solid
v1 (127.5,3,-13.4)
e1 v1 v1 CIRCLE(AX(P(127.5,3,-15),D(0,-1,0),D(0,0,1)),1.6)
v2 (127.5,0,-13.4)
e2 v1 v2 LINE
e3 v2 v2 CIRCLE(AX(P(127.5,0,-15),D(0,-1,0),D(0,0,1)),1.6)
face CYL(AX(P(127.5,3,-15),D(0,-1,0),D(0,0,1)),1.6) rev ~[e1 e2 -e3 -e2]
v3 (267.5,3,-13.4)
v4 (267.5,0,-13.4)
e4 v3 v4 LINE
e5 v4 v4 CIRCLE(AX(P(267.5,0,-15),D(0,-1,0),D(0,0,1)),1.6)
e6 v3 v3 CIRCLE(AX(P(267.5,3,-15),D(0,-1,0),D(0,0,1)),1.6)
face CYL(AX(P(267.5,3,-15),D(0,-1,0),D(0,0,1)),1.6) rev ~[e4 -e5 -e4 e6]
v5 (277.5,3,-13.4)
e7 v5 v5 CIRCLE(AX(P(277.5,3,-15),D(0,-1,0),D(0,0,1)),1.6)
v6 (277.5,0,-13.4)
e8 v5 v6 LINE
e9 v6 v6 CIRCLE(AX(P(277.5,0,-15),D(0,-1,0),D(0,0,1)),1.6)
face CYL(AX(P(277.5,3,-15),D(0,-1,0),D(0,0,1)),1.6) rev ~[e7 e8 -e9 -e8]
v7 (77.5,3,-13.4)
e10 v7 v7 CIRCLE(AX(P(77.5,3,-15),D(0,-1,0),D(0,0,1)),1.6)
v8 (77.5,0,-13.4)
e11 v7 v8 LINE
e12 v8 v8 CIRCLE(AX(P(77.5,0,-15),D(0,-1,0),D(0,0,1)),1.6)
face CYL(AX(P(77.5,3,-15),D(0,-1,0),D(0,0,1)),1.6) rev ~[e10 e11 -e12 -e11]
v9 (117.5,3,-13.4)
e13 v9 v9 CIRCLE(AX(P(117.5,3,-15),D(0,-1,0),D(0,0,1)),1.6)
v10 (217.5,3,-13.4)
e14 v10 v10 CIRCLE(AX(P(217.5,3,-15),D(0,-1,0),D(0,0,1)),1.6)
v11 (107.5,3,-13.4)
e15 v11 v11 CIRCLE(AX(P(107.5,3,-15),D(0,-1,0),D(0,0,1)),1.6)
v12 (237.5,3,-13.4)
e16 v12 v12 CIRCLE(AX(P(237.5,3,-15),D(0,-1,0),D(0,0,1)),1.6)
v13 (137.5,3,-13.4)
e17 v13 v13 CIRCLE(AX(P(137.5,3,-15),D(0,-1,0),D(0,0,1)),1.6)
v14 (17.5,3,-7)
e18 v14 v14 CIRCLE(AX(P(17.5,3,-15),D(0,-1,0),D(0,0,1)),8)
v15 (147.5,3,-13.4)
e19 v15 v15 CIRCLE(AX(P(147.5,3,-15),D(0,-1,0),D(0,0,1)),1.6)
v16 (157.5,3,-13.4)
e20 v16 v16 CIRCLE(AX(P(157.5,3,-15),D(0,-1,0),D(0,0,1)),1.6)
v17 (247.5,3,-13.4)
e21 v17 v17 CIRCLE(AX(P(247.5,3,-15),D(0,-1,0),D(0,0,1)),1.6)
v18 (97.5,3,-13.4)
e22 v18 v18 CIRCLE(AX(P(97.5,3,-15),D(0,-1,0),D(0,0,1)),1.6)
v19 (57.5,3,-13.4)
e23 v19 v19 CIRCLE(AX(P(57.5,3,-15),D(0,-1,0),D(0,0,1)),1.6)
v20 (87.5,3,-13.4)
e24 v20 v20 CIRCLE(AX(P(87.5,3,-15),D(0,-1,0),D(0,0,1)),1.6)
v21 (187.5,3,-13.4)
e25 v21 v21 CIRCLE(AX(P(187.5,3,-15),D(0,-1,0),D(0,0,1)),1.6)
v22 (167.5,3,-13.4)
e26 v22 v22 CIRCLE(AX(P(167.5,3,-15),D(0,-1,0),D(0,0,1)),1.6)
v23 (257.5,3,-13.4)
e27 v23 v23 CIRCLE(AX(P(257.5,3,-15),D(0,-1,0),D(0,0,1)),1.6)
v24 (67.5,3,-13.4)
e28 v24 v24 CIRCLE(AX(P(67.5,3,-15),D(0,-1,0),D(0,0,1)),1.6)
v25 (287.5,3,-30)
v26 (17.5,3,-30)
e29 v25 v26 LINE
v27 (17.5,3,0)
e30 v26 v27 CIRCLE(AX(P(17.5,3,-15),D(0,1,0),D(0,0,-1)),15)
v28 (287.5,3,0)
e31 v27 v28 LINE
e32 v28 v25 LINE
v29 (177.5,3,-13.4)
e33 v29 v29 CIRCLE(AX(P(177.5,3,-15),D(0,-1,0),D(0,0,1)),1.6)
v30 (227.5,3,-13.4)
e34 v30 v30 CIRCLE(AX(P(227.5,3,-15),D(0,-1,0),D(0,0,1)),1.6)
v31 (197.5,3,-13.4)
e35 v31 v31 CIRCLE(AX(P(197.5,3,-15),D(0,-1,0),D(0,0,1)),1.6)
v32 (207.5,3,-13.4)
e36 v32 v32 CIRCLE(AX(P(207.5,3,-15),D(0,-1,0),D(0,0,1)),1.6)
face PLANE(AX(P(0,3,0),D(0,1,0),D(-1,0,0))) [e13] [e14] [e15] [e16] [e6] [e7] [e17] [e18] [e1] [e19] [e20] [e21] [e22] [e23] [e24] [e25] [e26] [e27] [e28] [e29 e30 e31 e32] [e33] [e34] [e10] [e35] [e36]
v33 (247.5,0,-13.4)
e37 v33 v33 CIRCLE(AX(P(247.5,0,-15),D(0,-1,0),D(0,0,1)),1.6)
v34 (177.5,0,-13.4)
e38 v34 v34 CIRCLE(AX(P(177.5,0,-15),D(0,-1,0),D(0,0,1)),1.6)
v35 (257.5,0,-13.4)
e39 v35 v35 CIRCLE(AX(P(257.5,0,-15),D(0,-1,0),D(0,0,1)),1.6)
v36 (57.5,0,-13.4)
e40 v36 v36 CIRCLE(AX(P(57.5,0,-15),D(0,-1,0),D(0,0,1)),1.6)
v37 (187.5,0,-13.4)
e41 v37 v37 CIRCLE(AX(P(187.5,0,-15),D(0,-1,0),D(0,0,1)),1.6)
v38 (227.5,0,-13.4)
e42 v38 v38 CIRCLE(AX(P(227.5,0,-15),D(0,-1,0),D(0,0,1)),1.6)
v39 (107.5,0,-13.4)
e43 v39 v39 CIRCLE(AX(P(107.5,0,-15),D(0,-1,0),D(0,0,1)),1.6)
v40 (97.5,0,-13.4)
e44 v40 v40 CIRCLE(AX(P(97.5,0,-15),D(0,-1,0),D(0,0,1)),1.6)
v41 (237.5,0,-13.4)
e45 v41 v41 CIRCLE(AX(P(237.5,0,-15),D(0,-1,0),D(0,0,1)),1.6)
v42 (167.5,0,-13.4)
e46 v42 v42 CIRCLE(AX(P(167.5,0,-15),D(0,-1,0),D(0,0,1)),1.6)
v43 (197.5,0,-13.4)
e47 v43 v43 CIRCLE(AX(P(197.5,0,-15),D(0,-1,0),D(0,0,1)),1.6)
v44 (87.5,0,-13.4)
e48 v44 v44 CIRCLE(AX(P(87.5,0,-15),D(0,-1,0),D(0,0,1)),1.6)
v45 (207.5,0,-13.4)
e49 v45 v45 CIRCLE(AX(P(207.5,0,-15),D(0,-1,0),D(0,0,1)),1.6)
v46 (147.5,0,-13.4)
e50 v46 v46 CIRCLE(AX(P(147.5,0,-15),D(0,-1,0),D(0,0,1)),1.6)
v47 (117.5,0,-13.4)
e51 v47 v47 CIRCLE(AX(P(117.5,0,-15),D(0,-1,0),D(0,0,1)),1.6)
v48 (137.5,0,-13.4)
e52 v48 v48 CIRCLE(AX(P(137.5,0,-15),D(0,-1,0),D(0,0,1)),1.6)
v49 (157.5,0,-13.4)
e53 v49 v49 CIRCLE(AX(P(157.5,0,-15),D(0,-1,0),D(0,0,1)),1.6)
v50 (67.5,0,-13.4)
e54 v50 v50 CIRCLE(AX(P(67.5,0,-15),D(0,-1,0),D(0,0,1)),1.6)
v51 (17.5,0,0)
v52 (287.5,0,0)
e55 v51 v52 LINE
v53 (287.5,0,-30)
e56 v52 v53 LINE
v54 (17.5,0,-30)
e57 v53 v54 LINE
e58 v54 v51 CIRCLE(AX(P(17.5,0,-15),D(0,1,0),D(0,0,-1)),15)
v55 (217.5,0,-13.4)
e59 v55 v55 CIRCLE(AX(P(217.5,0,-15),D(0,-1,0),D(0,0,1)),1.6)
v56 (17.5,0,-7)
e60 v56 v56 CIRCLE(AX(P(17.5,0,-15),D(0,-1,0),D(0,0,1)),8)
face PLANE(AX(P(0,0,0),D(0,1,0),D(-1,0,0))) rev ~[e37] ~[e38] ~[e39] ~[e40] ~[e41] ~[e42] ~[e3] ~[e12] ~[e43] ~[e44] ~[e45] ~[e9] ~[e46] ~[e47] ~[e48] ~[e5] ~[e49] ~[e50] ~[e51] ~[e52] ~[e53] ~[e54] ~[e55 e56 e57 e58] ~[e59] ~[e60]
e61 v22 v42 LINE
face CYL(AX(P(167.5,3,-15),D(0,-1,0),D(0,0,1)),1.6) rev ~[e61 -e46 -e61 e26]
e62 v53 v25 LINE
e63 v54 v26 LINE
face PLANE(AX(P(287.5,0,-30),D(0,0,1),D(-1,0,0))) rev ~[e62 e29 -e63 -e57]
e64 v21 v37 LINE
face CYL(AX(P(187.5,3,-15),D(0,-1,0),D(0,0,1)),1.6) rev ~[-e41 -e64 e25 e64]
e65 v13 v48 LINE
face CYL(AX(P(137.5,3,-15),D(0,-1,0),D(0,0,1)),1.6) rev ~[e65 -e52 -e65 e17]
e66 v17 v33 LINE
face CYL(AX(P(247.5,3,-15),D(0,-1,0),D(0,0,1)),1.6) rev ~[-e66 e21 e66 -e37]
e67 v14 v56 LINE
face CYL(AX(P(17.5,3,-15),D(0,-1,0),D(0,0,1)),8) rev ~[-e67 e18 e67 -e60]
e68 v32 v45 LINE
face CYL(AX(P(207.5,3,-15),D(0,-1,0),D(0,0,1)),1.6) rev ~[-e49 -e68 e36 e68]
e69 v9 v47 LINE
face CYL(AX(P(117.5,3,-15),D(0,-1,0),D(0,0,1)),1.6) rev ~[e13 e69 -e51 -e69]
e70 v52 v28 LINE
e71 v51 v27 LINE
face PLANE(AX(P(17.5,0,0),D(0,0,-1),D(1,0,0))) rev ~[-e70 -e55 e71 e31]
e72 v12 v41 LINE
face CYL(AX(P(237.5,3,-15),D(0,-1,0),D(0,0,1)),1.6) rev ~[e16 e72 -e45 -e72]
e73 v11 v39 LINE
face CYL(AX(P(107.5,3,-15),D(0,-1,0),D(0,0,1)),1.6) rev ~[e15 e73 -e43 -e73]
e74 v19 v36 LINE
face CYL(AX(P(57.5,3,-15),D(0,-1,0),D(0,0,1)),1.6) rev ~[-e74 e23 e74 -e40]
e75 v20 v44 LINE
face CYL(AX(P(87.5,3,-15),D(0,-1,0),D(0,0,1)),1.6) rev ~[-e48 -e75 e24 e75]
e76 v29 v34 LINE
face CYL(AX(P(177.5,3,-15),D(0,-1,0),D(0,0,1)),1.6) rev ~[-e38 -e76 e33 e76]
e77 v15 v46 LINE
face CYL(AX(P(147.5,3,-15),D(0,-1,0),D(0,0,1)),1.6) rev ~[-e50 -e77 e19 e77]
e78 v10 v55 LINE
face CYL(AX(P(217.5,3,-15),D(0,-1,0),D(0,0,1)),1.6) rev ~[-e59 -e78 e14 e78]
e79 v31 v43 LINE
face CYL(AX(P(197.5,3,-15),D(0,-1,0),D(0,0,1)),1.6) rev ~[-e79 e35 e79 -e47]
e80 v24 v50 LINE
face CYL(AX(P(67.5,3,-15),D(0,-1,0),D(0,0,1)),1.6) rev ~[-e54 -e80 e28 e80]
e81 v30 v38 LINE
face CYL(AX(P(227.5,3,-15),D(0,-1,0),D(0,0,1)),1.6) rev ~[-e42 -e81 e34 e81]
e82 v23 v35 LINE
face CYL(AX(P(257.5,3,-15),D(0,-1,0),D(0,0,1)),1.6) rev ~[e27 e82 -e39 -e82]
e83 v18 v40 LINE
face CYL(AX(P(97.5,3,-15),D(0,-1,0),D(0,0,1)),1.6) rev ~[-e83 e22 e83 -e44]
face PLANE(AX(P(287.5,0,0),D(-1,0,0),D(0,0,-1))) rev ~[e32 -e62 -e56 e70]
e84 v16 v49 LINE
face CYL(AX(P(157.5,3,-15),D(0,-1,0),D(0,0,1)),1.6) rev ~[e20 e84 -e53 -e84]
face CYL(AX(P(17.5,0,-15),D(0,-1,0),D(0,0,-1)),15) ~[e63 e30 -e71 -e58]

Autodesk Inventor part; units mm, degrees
ref_plane "YZ Plane" through (0, 0, 0) normal (1, 0, 0) x (0, 1, 0)
ref_plane "XZ Plane" through (0, 0, 0) normal (0, 1, 0) x (-1, 0, 0)
ref_plane "XY Plane" through (0, 0, 0) normal (0, 0, 1) x (1, 0, 0)
sketch "スケッチ1" plane through (0, 0, 0) normal (0, 1, 0) x (-1, 0, 0)
  line L0 (0, 0) -> (-287.5, 0)
  line L1 (-287.5, 0) -> (-287.5, -30)
  line L2 (-287.5, -30) -> (0, -30)
  line L3 (0, -30) -> (0, 0)
  arc A0 (-17.5, -30) -> (-17.5, 0) centre (-17.5, -15) ccw
  point P0 (-17.5, -12.5)
  dimension "d0" = 287.5
  dimension "d1" = 30
  dimension "d2" = 17.5
  dimension "d3" = 17.5
  dimension "d43" = 17.5
extrude "押し出し1" add sketch "スケッチ1" along normal blind 3 contours A0 L2 L1 L0
sketch "スケッチ2" plane through (0, 3, 0) normal (0, 1, 0) x (1, 0, 0)
  arc A0 (17.5, 30) -> (17.5, 0) centre (17.5, 15) ccw projected
  line L0 (287.5, 30) -> (17.5, 30) projected
  point P0 (0, 0)
  point P1 (2.5, 15)
hole "穴1" at (17.5, 3, -15) direction (0, -1, 0) diameter 16 end through all
sketch "スケッチ3" plane through (0, 3, 0) normal (0, 1, 0) x (1, 0, 0)
  line L0 (287.5, 0) -> (287.5, 30) projected
  arc A0 (17.5, 30) -> (17.5, 0) centre (17.5, 15) ccw construction
  line L1 (17.5, 15) -> (287.5, 15) construction
  line L2 (287.5, 0) -> (287.5, 30) construction
  point P0 (0, 0)
  point P1 (57.5, 15)
  point P2 (67.5, 15)
  point P3 (77.5, 15)
  point P4 (87.5, 15)
  point P5 (97.5, 15)
  point P6 (107.5, 15)
  point P7 (117.5, 15)
  point P8 (127.5, 15)
  point P9 (137.5, 15)
  point P10 (147.5, 15)
  point P11 (157.5, 15)
  point P12 (167.5, 15)
  point P13 (177.5, 15)
  point P14 (187.5, 15)
  point P15 (197.5, 15)
  point P16 (207.5, 15)
  point P17 (217.5, 15)
  point P18 (227.5, 15)
  point P19 (237.5, 15)
  point P20 (247.5, 15)
  point P21 (257.5, 15)
  point P22 (267.5, 15)
  point P23 (277.5, 15)
  dimension "d108" = 40
  dimension "d111" = 10
sketch "スケッチ8" plane through (0, 3, 0) normal (0, 1, 0) x (1, 0, 0)
  arc A0 (17.5, 30) -> (17.5, 0) centre (17.5, 15) ccw projected
  line L0 (2.5, 15) -> (40.1182, 15)
  line L1 (17.5, 0) -> (287.5, 0) projected
  line L2 (2.5, 15) -> (302.5, 15) construction
  circle A1 centre (17.5, 15) radius 8 construction
  point P0 (0, 0)
  point P1 (33.3, 4.5)
  point P2 (33.3, 25.5)
  dimension "d85" = 10.5
  dimension "d86" = 10.5
  dimension "d123" = 15.8
  dimension "d124" = 15.8
hole "穴6" [suppressed]
hole "穴7" at (57.5, 3, -15) at (67.5, 3, -15) at (77.5, 3, -15) at (87.5, 3, -15) at (97.5, 3, -15) at (107.5, 3, -15) at (117.5, 3, -15) at (127.5, 3, -15) at (137.5, 3, -15) at (147.5, 3, -15) at (157.5, 3, -15) at (167.5, 3, -15) at (177.5, 3, -15) at (187.5, 3, -15) at (197.5, 3, -15) at (207.5, 3, -15) at (217.5, 3, -15) at (227.5, 3, -15) at (237.5, 3, -15) at (247.5, 3, -15) at (257.5, 3, -15) at (267.5, 3, -15) at (277.5, 3, -15) direction (0, -1, 0) diameter 3.2 end through all
properties part number "shoulder1_lower_plate" material "アルミニウム 5052"
